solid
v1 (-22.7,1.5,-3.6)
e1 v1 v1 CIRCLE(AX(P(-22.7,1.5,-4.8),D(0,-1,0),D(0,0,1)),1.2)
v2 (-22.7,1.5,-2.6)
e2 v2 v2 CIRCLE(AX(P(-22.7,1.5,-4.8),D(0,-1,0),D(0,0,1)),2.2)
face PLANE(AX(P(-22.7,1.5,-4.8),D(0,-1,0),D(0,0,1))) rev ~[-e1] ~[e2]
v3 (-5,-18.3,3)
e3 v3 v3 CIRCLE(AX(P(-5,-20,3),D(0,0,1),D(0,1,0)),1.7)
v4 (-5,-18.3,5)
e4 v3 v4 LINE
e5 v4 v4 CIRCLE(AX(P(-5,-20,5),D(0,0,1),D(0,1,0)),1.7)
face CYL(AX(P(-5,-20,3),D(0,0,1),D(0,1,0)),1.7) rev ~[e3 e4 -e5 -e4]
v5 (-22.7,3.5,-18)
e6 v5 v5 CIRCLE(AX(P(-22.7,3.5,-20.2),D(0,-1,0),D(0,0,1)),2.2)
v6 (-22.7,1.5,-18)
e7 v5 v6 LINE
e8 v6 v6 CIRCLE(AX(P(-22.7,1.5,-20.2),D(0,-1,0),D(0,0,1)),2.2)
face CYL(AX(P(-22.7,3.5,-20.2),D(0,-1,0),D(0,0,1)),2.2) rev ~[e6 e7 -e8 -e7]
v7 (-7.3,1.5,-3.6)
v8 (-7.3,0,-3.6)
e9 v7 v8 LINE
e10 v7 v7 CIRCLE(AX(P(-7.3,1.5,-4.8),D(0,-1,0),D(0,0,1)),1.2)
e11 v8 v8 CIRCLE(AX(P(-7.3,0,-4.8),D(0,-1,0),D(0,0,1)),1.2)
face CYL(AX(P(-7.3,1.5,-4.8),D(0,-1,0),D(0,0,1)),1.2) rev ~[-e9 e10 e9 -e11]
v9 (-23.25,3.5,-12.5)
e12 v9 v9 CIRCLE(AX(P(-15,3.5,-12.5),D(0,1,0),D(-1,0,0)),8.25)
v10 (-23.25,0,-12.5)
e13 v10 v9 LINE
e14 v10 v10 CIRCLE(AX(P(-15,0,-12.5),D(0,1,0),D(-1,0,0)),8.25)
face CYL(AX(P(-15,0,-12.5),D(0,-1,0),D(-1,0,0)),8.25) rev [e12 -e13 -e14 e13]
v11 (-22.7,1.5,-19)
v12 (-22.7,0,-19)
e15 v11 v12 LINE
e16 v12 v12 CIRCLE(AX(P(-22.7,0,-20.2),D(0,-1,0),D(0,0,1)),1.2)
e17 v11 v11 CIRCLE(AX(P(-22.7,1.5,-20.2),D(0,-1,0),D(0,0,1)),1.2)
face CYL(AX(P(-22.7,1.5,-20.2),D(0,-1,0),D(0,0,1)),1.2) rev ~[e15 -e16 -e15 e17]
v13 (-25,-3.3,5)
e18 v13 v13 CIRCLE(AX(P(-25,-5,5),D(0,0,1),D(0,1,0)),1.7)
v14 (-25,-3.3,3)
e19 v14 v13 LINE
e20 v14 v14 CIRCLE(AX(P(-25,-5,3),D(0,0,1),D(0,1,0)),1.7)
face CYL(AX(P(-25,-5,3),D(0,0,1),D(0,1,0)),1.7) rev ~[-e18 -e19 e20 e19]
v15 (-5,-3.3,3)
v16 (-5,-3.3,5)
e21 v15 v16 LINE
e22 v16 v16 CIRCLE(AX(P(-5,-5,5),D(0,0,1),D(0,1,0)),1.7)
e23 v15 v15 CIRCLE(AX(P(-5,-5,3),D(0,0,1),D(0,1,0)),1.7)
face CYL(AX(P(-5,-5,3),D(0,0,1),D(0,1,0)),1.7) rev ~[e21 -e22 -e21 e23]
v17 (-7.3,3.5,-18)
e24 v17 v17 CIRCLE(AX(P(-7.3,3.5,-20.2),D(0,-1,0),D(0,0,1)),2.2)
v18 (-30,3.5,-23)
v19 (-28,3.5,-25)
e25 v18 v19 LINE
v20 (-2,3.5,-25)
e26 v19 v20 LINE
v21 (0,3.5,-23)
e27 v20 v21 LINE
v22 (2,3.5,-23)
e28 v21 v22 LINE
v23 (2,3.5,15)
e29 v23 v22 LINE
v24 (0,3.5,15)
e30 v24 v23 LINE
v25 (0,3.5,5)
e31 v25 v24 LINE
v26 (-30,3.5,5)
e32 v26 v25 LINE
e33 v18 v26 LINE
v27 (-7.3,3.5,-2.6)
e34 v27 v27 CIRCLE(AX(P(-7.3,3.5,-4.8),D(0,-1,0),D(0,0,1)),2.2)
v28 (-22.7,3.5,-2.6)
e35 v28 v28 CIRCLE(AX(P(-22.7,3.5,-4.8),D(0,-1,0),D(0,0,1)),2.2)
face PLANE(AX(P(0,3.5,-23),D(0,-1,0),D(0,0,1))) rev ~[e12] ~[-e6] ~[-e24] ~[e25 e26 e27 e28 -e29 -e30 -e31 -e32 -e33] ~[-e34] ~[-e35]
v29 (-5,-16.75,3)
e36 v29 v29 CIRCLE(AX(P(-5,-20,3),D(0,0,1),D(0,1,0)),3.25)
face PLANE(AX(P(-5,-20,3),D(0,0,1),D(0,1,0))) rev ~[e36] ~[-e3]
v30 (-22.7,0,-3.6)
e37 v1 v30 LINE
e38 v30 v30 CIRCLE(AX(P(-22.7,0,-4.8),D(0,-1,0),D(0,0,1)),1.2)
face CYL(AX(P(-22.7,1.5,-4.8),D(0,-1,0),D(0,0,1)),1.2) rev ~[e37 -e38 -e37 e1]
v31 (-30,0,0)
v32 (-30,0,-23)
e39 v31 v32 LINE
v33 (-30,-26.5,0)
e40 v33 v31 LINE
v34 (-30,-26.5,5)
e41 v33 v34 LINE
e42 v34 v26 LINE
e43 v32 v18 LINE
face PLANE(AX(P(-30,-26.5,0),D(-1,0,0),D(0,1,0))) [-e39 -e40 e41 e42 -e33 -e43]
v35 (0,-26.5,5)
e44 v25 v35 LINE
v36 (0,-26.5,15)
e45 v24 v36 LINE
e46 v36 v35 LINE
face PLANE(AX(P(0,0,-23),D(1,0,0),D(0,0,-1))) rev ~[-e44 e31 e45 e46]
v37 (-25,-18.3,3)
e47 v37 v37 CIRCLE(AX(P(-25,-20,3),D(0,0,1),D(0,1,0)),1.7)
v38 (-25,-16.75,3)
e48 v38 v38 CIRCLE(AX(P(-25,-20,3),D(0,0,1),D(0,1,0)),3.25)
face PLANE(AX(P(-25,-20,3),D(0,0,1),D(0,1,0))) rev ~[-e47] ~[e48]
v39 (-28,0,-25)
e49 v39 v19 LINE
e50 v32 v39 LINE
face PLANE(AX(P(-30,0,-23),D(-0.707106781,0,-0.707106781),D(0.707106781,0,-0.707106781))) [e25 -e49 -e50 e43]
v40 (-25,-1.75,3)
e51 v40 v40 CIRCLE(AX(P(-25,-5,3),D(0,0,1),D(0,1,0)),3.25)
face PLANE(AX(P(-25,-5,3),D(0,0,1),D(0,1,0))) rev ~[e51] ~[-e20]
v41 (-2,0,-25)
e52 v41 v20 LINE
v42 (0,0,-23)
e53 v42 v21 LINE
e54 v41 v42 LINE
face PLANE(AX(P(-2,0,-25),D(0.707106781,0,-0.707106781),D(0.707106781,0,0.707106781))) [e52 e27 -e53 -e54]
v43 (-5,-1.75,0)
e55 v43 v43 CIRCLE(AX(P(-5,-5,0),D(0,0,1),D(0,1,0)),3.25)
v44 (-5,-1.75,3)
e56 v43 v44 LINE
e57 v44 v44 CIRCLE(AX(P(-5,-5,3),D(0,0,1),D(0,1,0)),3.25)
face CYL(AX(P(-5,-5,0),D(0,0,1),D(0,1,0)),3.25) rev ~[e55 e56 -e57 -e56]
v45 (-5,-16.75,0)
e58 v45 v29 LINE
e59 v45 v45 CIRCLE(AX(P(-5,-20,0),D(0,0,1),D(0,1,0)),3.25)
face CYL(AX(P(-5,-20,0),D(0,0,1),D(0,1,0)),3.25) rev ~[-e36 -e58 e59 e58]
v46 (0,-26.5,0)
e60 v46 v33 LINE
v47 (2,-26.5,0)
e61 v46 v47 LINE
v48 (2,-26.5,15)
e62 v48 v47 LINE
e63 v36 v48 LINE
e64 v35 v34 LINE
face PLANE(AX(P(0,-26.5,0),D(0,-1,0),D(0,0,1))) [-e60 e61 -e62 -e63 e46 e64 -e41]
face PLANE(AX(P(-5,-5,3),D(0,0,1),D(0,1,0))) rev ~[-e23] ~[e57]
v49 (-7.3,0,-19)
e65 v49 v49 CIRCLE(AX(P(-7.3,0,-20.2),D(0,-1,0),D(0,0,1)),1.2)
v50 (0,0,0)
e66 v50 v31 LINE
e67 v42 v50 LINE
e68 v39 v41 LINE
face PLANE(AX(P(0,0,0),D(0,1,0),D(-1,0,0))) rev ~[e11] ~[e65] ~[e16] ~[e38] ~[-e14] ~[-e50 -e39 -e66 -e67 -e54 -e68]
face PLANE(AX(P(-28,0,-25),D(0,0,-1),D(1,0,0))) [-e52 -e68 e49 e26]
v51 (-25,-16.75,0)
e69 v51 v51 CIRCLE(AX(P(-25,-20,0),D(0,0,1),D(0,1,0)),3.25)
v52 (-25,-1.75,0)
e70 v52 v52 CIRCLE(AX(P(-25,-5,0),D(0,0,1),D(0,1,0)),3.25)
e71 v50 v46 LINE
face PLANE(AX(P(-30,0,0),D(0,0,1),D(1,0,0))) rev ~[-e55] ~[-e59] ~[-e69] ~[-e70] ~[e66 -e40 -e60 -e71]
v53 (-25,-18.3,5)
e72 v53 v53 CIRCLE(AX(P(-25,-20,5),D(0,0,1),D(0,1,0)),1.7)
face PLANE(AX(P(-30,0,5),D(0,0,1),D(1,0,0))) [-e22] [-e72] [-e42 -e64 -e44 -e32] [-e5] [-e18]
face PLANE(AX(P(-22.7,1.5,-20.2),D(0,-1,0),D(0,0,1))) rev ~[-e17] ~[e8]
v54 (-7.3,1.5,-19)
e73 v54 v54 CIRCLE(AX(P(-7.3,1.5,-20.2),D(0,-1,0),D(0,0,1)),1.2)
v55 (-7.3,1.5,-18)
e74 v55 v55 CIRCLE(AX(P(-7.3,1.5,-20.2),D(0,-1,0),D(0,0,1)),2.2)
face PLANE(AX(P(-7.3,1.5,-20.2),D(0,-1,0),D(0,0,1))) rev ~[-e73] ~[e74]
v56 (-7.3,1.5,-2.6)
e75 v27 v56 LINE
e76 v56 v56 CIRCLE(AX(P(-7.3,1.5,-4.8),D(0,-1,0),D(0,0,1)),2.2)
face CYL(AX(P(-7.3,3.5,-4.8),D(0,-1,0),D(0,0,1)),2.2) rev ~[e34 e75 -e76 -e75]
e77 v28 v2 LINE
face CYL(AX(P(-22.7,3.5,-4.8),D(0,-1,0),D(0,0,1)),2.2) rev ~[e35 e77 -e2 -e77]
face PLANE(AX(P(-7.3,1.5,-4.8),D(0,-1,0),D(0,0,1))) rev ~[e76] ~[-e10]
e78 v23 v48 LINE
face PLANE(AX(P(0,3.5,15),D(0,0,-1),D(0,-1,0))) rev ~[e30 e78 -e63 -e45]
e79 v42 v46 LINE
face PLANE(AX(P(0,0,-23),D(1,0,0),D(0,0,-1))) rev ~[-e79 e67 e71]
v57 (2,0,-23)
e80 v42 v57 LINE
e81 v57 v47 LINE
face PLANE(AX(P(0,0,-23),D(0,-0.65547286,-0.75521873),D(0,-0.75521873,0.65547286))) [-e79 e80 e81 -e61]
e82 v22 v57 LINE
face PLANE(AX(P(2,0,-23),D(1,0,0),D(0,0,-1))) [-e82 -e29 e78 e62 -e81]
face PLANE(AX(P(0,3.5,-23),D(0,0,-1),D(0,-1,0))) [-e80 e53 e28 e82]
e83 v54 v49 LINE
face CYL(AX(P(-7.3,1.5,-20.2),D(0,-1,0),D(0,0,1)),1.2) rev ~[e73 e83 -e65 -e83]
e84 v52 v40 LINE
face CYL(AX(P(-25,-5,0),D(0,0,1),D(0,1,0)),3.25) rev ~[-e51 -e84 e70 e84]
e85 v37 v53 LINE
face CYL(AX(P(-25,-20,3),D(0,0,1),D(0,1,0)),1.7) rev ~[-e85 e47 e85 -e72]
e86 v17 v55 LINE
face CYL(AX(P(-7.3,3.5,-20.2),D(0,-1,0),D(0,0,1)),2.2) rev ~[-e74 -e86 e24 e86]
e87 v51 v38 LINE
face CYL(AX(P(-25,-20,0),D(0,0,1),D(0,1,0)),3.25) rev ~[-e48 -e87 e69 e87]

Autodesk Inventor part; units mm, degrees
ref_plane "YZ Plane" through (0, 0, 0) normal (1, 0, 0) x (0, 1, 0)
ref_plane "XZ Plane" through (0, 0, 0) normal (0, 1, 0) x (-1, 0, 0)
ref_plane "XY Plane" through (0, 0, 0) normal (0, 0, 1) x (1, 0, 0)
sketch "Esquisse1" plane through (0, 0, 0) normal (0, 1, 0) x (-1, 0, 0)
  line L0 (0, 0) -> (30, 0)
  line L1 (30, 0) -> (30, -23)
  line L2 (28, -25) -> (2, -25)
  line L3 (0, -23) -> (0, 0)
  circle A0 centre (15, -12.5) radius 8.25
  line L4 (30, -23) -> (28, -25)
  line L5 (2, -25) -> (0, -23)
  point P0 (0, 0)
  point P1 (30, -25)
  point P2 (0, -25)
  point P3 (11.5, 0)
  point P4 (30, -4)
  point P5 (21, 0)
  point P6 (0, -2)
  point P7 (2, 0)
  dimension "d0" = 25
  dimension "d1" = 30
  dimension "d2" = 16.5
  dimension "d3" = 15
  dimension "d11" = 2
  dimension "d12" = 2
  dimension "d13" = 2
  dimension "d14" = 2
  dimension "d47" = 12.5
extrude "Extrusion1" add sketch "Esquisse1" along normal blind 3.5
sketch "Esquisse2" plane through (0, 3.5, 0) normal (0, 1, 0) x (1, 0, 0)
  circle A0 centre (-15, 12.5) radius 8.25 construction
  circle A1 centre (-15, 12.5) radius 10.8894 construction
  line L0 (-22.7, 4.8) -> (-22.7, 20.2) construction
  line L1 (-22.7, 20.2) -> (-7.3, 20.2) construction
  line L2 (-7.3, 20.2) -> (-7.3, 4.8) construction
  line L3 (-7.3, 4.8) -> (-22.7, 4.8) construction
  point P0 (0, 0)
  dimension "d19" = 15.4
  dimension "d20" = 15.4
hole "Perçage1" at (-22.7, 3.5, -4.8) at (-22.7, 3.5, -20.2) at (-7.3, 3.5, -20.2) at (-7.3, 3.5, -4.8) direction (0, -1, 0) diameter 2.4 end through all counterbore diameter 4.4 counterbore depth 2 clearance for "Vis d'assemblage à six pans creux" size "M2" standard "Profil M métrique ANSI"
sketch "Esquisse3" plane through (-30, 0, 0) normal (0, 0, 1) x (1, 0, 0)
  line L0 (0, 3.5) -> (30, 3.5) projected
  line L1 (0, 3.5) -> (30, 3.5)
  line L2 (30, 3.5) -> (30, -26.5)
  line L3 (30, -26.5) -> (0, -26.5)
  line L4 (0, -26.5) -> (0, 3.5)
  point P0 (30, 0)
  point P1 (30, 3.5)
  dimension "d29" = 30
  dimension "d48" = 30
  dimension "d49" = 30
extrude "Extrusion2" add sketch "Esquisse3" along normal blind 5
sketch "Esquisse5" plane through (-30, 0, 0) normal (0, 0, -1) x (-1, 0, 0)
  line L0 (-5, -5) -> (-25, -5) construction
  line L1 (-25, -5) -> (-25, -20) construction
  line L2 (-25, -20) -> (-5, -20) construction
  line L3 (-5, -20) -> (-5, -5) construction
  line L4 (-28, 0) -> (-2, 0) construction
  line L5 (0, 0) -> (0, -23) construction
  point P0 (-30, 0)
  point P1 (0, -21)
  dimension "d36" = 15
  dimension "d37" = 20
  dimension "d38" = 5
  dimension "d39" = 5
hole "Perçage2" at (-25, -5, 0) at (-25, -20, 0) at (-5, -20, 0) at (-5, -5, 0) direction (0, 0, 1) diameter 3.4 end through all counterbore diameter 6.5 counterbore depth 3 clearance for "Vis d'assemblage à six pans creux" size "M3" standard "Profil M métrique ANSI"
sketch "Esquisse6" plane through (0, 0, -23) normal (1, 0, 0) x (0, 0, -1)
  line L0 (0, 3.5) -> (-28, 3.5) projected
  line L1 (-28, 3.5) -> (-38, 3.5)
  line L2 (-38, 3.5) -> (-38, -26.5)
  line L3 (-38, -26.5) -> (-28, -26.5)
  line L4 (-28, 3.5) -> (0, 3.5)
  line L5 (0, 3.5) -> (0, 0)
  line L6 (-23, -26.5) -> (-23, 0) projected
  line L7 (0, 0) -> (-23, -26.5)
  line L8 (-23, -26.5) -> (-28.3834, -26.5)
  dimension "d53" = 30
  dimension "d54" = 10
  dimension "d55" = 10
extrude "Extrusion4" add sketch "Esquisse6" along normal blind 2
equation "\"d3\" = 0.5 * d1"
equation "\"d11\" = d9"
equation "\"d12\" = d11"
equation "\"d13\" = d9"
equation "\"d14\" = d13"
equation "\"d47\" = 0.5 * d0"
equation "\"d20\" = d19"
equation "\"d48\" = d49"
equation "\"d55\" = d54"
equation "\"d9\" = 2"
properties part number "support nema8_gauche"
